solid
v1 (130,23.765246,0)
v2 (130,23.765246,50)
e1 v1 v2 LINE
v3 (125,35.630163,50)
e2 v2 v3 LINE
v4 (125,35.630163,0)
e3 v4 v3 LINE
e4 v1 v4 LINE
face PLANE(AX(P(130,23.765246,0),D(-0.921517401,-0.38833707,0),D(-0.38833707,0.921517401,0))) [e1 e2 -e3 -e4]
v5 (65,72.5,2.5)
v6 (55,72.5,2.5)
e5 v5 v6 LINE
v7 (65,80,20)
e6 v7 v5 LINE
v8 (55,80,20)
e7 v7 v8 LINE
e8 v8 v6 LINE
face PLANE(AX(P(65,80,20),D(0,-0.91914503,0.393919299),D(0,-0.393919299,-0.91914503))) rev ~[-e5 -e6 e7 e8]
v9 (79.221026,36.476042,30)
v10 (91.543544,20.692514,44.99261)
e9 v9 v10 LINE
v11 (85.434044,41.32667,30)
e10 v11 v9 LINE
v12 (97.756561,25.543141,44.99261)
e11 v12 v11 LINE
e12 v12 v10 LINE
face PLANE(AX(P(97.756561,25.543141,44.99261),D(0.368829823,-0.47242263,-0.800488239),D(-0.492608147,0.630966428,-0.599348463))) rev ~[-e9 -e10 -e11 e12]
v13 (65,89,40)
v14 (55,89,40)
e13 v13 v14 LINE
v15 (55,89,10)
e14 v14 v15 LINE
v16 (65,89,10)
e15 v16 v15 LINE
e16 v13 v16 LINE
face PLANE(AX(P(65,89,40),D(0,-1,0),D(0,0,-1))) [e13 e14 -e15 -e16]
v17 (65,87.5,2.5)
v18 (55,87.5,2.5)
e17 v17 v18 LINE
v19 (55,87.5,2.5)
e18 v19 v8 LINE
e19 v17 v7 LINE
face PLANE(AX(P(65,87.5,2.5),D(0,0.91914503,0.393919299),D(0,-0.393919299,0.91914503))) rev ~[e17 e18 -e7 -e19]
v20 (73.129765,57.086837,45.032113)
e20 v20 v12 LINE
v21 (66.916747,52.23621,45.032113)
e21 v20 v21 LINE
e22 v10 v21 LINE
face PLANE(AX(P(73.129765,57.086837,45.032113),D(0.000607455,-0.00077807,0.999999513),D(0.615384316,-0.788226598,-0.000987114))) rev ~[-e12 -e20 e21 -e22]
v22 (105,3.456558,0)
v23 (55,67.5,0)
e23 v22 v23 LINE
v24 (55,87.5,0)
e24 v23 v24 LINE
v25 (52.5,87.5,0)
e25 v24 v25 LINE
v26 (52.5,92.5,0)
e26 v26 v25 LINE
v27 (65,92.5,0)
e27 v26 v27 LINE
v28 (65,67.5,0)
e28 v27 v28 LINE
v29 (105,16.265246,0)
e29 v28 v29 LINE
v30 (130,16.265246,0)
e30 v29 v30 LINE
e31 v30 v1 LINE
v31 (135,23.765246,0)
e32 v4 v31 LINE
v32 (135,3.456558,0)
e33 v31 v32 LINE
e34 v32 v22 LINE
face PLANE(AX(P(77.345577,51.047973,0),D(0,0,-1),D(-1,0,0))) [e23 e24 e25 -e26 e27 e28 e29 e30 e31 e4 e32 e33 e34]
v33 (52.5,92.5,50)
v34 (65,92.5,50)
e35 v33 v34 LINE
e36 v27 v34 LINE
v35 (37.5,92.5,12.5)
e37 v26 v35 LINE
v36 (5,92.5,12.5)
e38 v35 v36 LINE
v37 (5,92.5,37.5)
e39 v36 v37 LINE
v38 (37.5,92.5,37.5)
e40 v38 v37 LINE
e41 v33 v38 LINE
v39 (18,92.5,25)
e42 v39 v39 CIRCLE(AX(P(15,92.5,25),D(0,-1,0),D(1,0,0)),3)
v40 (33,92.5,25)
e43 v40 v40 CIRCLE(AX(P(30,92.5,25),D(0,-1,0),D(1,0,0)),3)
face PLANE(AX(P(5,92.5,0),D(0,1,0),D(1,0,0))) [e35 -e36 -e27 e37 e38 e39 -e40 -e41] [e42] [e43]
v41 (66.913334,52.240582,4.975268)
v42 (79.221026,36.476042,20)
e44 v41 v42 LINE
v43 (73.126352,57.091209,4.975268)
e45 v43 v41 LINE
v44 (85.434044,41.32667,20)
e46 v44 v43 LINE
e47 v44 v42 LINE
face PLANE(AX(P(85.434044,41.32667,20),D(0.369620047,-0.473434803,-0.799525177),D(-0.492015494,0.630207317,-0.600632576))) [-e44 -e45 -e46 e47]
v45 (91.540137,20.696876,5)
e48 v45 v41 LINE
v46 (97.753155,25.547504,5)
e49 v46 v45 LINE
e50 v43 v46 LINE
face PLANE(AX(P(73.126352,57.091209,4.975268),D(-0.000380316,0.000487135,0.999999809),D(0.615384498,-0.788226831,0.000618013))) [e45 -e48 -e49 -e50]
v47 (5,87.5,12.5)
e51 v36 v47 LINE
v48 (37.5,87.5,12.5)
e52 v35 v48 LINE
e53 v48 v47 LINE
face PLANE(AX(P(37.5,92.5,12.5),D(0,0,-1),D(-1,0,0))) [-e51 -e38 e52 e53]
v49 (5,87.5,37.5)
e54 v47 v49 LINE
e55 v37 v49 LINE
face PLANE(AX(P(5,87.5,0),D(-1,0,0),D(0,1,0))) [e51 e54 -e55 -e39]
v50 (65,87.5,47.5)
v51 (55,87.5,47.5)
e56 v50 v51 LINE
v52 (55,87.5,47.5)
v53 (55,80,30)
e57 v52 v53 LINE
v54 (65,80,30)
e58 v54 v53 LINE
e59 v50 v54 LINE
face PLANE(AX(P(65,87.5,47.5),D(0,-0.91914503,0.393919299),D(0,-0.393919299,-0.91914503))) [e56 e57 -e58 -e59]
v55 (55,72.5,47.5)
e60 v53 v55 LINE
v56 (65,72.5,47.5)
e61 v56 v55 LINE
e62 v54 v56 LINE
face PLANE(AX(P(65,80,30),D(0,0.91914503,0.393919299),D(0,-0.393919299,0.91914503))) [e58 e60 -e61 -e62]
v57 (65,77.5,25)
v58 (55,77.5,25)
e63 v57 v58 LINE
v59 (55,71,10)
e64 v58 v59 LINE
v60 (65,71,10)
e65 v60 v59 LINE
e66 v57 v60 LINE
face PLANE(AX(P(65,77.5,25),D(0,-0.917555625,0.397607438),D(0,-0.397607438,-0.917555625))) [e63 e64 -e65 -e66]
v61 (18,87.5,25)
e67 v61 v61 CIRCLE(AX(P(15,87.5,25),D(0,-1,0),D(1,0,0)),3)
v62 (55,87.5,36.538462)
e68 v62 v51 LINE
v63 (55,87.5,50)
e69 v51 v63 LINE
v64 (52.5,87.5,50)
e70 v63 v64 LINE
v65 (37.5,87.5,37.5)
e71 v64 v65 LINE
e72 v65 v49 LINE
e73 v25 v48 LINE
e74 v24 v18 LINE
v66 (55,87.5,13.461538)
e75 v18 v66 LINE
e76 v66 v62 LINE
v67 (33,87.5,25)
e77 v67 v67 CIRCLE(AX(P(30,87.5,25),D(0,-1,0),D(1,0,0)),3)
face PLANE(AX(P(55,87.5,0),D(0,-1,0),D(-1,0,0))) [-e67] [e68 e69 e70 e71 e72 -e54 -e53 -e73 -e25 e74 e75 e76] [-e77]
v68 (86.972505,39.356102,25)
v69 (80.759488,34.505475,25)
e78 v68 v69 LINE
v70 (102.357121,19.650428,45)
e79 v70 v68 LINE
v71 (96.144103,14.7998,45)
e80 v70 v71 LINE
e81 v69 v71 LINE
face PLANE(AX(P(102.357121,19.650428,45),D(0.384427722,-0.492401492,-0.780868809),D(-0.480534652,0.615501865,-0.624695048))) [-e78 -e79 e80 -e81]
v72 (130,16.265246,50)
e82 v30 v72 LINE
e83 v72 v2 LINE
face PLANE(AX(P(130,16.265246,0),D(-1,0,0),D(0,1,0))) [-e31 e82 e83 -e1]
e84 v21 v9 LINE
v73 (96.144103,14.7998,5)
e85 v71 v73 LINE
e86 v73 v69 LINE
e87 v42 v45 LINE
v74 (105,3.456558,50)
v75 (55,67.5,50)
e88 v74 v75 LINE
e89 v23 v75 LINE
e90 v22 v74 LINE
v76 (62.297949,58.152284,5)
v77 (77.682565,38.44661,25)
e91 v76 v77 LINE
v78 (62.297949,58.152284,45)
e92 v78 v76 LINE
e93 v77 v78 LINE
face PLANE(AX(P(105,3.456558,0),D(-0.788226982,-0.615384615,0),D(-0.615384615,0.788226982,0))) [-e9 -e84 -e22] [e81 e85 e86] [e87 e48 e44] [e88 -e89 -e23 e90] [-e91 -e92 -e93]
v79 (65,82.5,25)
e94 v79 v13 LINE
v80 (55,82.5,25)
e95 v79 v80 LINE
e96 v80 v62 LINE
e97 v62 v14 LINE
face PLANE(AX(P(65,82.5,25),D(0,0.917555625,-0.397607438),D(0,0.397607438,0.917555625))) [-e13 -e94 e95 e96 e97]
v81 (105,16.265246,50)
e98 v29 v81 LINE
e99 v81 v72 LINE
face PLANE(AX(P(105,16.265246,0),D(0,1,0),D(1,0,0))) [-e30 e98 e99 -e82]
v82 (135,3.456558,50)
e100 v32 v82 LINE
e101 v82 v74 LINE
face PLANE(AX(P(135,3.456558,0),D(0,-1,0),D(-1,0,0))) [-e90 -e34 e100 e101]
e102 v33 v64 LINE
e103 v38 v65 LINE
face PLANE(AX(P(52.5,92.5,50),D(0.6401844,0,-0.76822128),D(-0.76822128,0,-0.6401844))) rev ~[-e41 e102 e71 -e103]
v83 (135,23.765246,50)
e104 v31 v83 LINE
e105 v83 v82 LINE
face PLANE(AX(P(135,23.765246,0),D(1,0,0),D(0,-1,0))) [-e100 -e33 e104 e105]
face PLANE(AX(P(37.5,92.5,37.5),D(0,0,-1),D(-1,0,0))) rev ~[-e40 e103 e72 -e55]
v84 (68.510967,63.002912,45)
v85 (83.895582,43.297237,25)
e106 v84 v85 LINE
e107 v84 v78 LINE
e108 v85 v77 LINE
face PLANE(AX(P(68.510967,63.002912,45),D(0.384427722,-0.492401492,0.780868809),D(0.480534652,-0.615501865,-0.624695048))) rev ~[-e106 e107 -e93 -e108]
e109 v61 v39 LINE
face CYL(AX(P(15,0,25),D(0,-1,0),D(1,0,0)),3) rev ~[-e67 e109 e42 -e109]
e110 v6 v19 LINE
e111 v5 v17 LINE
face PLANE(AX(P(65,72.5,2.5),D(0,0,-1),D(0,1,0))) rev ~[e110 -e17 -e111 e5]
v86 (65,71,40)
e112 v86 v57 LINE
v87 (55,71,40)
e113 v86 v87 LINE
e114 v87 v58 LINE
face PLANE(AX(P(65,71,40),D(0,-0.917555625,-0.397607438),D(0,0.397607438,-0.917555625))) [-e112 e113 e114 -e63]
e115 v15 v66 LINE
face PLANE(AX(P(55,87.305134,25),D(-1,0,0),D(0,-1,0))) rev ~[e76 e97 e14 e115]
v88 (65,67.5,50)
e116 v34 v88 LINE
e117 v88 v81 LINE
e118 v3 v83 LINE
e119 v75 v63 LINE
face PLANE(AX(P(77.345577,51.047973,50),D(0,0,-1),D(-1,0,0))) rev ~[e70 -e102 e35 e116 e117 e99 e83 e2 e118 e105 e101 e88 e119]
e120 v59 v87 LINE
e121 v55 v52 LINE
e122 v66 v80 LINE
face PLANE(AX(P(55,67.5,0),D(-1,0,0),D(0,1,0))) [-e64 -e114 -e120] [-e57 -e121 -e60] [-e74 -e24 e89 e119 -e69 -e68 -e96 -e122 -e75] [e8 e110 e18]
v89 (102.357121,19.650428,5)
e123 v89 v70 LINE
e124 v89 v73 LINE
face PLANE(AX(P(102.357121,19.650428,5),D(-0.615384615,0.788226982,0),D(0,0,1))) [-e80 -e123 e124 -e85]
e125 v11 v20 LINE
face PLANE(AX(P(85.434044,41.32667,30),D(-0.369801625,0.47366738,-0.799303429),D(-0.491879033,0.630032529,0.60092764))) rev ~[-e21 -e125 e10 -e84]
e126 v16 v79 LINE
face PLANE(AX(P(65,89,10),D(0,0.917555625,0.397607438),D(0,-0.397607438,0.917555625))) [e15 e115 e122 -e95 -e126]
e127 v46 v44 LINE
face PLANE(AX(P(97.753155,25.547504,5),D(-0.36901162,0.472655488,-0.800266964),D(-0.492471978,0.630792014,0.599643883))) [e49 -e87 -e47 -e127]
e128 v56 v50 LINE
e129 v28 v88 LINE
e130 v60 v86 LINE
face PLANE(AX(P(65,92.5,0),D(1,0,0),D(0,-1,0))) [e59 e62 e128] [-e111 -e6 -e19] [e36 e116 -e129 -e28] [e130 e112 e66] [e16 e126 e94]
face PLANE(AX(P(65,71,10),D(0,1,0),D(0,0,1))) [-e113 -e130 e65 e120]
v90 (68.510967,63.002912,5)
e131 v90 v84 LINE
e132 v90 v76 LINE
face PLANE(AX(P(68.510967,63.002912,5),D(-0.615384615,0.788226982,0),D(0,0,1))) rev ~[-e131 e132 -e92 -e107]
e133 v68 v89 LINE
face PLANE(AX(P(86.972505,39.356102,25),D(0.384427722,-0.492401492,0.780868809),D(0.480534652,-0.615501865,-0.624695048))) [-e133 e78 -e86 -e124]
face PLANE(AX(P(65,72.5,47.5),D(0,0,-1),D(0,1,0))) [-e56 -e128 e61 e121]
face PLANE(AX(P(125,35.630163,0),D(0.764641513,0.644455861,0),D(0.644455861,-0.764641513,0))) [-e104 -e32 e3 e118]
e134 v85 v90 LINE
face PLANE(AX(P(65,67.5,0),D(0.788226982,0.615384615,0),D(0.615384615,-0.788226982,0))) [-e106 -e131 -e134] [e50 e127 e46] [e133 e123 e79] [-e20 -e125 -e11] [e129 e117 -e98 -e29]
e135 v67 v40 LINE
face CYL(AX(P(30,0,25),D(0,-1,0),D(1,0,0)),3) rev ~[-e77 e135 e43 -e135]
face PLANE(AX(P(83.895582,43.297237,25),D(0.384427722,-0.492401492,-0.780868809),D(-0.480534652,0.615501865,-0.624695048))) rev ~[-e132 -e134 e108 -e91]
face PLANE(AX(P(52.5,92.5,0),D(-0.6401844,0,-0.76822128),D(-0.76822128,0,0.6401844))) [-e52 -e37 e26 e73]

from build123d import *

# Parameters (mm, degrees)
PAD_DEPTH       = 50
POCKET_DEPTH    = 10
POCKET001_DEPTH = 5
POCKET002_DEPTH = 5
POCKET003_DEPTH = 86.7059680197
SKETCH001_R     = 3
HOLE_DEPTH      = 92.501


with BuildPart() as part:
    # Sketch → Pad (new body)
    with BuildSketch(Plane.XY):
        Polygon((5, 92.5), (65, 92.5), (65, 67.5), (105, 16.2652461702), (130, 16.2652461702), (130, 23.7652461702), (125, 35.6301629012), (135, 23.7652461702), (135, 3.4565577128), (105, 3.4565577128), (55, 67.5), (55, 87.5), (5, 87.5), align=None)
    extrude(amount=PAD_DEPTH)

    # Sketch005 → Pocket (cut)
    with BuildSketch(Plane.YZ.offset(65)):
        Polygon((72.5, 47.5), (87.5, 47.5), (80, 30), align=None)
        Polygon((80, 20), (72.5, 2.5), (87.5, 2.5), align=None)
        Polygon((71, 40), (77.5, 25), (71, 10), align=None)
        Polygon((82.5, 25), (89, 40), (89, 10), align=None)
    extrude(amount=-POCKET_DEPTH, mode=Mode.SUBTRACT)

    # Sketch002 → Pocket001 (cut)
    with BuildSketch(Plane(origin=(0, 92.5, 0), x_dir=(-1, 0, 0), z_dir=(0, 1, 0))):
        Polygon((-52.5, 50), (-37.5, 37.5), (-5, 37.5), (-5, 50), align=None)
    extrude(amount=-POCKET001_DEPTH, mode=Mode.SUBTRACT)

    # Sketch003 → Pocket002 (cut)
    with BuildSketch(Plane(origin=(0, 92.5, 0), x_dir=(-1, 0, 0), z_dir=(0, 1, 0))):
        Polygon((-52.5, 0), (-37.5, 12.500000002), (-5, 12.5), (-5, 0), align=None)
    extrude(amount=-POCKET002_DEPTH, mode=Mode.SUBTRACT)

    # Sketch008 (on Face23 of Pocket002) → Pocket003 (cut, through all)
    with BuildSketch(Plane(origin=(73.1263515599, 57.0912094574, 0), x_dir=(-0.6153846154, 0.788226982, 0), z_dir=(0.788226982, 0.6153846154, 0))):
        Polygon((7.5, 5), (7.5, 45), (-17.5, 25), align=None)
        Polygon((-47.5, 5), (-47.5, 45), (-22.5, 25), align=None)
        Polygon((-0.005547, 45.032113), (-40.0240908379, 44.9926101173), (-20, 30), align=None)
        Polygon((-20, 20), (0, 4.9752679886), (-40.0185556925, 5), align=None)
    extrude(amount=-POCKET003_DEPTH, mode=Mode.SUBTRACT)

    # Sketch001 → Hole (cut, through all)
    with BuildSketch(Plane.XZ):
        with Locations((15, 25)):
            Circle(SKETCH001_R)
        with Locations((30, 25)):
            Circle(SKETCH001_R)
    extrude(amount=-HOLE_DEPTH, mode=Mode.SUBTRACT)


solid = part.part
